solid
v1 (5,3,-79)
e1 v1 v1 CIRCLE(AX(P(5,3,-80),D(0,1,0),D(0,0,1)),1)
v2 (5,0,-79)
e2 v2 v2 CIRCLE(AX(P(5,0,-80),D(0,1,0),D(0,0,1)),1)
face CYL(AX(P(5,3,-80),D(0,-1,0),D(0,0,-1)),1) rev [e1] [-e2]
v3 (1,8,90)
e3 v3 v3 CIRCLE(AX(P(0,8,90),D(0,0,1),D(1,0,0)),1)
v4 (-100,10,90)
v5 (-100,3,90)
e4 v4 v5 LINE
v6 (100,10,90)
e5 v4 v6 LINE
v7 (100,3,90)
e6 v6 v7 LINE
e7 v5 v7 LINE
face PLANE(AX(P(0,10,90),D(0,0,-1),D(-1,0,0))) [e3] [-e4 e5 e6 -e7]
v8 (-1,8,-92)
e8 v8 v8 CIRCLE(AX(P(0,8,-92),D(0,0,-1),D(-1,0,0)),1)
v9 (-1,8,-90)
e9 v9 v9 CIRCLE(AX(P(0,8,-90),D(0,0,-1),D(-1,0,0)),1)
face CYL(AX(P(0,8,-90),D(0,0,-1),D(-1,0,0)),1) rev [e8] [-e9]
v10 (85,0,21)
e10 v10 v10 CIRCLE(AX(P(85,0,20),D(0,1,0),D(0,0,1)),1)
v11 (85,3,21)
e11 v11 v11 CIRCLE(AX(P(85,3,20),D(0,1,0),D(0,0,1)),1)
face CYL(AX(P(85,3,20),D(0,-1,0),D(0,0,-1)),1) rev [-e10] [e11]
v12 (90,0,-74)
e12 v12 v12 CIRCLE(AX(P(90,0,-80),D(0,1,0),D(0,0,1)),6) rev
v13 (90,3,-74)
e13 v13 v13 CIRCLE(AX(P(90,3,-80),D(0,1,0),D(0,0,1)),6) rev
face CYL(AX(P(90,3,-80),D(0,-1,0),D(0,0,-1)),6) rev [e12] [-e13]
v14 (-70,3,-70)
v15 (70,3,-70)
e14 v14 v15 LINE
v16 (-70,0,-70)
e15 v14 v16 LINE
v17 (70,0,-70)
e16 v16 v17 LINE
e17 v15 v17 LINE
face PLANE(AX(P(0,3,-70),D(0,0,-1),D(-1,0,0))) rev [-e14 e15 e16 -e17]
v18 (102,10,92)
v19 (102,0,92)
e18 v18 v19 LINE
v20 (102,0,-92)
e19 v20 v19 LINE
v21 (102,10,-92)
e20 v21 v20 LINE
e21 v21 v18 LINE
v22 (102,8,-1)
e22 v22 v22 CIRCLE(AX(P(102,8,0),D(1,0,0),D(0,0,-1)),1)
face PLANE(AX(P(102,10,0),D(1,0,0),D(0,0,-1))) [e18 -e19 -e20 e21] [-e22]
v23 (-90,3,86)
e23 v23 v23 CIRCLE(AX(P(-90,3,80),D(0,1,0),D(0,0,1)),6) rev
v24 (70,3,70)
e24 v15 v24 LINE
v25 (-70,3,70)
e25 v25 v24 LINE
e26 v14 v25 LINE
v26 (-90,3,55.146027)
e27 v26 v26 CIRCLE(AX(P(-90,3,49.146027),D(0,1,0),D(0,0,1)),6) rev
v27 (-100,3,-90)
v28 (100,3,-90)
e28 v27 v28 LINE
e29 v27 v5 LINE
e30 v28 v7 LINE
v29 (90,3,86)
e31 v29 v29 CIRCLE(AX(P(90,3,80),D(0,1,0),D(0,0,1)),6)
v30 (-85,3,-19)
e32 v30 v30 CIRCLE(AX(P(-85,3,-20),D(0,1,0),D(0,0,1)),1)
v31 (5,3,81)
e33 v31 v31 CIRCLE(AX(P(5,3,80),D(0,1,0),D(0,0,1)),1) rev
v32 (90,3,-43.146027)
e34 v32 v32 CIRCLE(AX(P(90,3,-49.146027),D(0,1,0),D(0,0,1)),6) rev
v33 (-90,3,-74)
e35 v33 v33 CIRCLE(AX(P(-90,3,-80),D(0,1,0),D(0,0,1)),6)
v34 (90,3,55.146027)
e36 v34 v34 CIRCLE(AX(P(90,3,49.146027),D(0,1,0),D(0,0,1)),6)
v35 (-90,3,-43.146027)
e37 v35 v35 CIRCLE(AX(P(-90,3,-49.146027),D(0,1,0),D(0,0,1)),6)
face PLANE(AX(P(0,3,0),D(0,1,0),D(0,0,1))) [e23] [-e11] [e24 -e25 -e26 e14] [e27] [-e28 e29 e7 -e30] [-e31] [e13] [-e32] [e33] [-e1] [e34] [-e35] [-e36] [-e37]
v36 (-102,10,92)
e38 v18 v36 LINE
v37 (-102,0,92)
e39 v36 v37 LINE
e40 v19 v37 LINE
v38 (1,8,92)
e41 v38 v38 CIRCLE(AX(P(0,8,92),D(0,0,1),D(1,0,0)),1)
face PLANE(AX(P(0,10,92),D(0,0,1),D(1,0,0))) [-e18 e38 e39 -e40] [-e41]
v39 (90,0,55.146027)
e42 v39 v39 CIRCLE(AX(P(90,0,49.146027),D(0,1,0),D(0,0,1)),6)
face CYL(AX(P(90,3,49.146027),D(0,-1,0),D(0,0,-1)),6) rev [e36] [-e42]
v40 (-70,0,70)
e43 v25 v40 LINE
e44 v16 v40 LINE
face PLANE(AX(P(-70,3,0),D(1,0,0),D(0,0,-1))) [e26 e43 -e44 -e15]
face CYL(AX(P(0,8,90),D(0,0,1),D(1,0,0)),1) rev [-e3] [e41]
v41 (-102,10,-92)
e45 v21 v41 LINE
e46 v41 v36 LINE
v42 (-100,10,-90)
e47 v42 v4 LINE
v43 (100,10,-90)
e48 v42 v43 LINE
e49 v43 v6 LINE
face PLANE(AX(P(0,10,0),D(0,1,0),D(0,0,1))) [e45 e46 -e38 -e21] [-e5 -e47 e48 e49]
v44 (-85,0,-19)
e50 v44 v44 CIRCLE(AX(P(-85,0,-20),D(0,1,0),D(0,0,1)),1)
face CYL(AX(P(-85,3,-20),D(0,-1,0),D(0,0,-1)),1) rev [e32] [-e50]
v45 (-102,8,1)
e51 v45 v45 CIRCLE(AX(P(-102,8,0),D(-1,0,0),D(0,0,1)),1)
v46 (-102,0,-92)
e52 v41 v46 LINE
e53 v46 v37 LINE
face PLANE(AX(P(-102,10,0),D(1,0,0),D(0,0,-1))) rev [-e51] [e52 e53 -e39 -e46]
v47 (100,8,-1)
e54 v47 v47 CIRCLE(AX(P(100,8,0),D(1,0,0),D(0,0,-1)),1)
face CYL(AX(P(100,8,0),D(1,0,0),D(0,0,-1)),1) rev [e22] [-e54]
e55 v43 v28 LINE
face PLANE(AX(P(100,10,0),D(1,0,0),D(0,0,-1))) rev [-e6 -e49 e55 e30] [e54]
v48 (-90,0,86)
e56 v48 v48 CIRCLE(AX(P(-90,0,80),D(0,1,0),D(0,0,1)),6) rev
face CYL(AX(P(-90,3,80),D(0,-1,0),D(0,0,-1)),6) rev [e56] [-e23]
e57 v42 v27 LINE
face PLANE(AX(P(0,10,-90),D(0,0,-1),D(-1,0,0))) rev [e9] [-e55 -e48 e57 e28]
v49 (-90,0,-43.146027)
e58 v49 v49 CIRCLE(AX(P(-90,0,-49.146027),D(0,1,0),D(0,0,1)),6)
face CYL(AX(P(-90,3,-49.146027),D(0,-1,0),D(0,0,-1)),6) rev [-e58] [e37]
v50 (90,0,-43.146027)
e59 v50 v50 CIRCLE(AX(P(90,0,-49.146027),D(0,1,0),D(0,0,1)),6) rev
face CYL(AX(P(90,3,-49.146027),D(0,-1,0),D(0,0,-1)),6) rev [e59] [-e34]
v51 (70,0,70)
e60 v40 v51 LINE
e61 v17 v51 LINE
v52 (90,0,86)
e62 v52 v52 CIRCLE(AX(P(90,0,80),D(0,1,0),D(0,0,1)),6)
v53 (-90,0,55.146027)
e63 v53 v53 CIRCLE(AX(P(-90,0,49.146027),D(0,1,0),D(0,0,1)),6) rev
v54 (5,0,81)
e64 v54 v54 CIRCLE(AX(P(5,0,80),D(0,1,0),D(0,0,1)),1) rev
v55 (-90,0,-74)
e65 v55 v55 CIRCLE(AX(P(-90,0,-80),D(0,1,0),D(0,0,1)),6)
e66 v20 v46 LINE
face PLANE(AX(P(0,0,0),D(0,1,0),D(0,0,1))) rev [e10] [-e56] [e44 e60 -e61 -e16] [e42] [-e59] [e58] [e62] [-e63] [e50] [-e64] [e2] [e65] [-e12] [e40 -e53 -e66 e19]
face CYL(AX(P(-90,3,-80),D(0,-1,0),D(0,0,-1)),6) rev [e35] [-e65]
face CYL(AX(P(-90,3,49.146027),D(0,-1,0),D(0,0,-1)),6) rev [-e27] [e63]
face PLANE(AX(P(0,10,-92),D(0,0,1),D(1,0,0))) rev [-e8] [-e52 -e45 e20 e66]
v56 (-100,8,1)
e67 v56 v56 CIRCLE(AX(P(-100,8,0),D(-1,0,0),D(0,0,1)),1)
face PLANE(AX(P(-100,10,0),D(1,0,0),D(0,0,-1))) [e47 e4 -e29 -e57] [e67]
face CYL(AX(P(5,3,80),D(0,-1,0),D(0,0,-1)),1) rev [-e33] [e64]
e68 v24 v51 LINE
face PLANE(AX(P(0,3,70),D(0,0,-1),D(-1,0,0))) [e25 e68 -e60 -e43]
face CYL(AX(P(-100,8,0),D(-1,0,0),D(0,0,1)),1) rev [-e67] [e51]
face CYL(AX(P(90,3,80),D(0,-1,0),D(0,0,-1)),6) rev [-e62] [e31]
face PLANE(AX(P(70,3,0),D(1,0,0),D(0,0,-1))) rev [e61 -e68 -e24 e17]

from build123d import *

# Parameters (mm, degrees)
SKETCH1_W           = 200
SKETCH1_H           = 180
SKETCH1_R           = 6
SKETCH1_R_2         = 1
SKETCH1_W_2         = 140
SKETCH1_H_2         = 140
BOSS_EXTRUDE4_DEPTH = 3
SKETCH1_3_W         = 204
SKETCH1_3_H         = 184
SKETCH1_3_W_2       = 200
SKETCH1_3_H_2       = 180
BOSS_EXTRUDE5_DEPTH = 10
SKETCH4_R           = 1
CUT_EXTRUDE1_DEPTH  = 2
SKETCH7_R           = 1
CUT_EXTRUDE2_DEPTH  = 2
CUT_EXTRUDE3_START  = -2
SKETCH6_R           = 1
CUT_EXTRUDE3_DEPTH  = 2
CUT_EXTRUDE4_START  = -2
SKETCH5_R           = 1
CUT_EXTRUDE4_DEPTH  = 2


with BuildPart() as part:
    # Sketch1 → Boss-Extrude4 (new body)
    with BuildSketch(Plane(origin=(0, 0, 0), x_dir=(1, 0, 0), z_dir=(0, 1, 0))):
        Rectangle(SKETCH1_W, SKETCH1_H)
        with Locations((-90, -80)):
            Circle(SKETCH1_R, mode=Mode.SUBTRACT)
        with Locations((-90, -49.146026748)):
            Circle(SKETCH1_R, mode=Mode.SUBTRACT)
        with Locations((5, -80)):
            Circle(SKETCH1_R_2, mode=Mode.SUBTRACT)
        with Locations((90, -80)):
            Circle(SKETCH1_R, mode=Mode.SUBTRACT)
        with Locations((90, -49.146026748)):
            Circle(SKETCH1_R, mode=Mode.SUBTRACT)
        with Locations((85, -20)):
            Circle(SKETCH1_R_2, mode=Mode.SUBTRACT)
        with Locations((-85, 20)):
            Circle(SKETCH1_R_2, mode=Mode.SUBTRACT)
        Rectangle(SKETCH1_W_2, SKETCH1_H_2, mode=Mode.SUBTRACT)
        with Locations((-90, 49.146026748)):
            Circle(SKETCH1_R, mode=Mode.SUBTRACT)
        with Locations((-90, 80)):
            Circle(SKETCH1_R, mode=Mode.SUBTRACT)
        with Locations((5, 80)):
            Circle(SKETCH1_R_2, mode=Mode.SUBTRACT)
        with Locations((90, 49.146026748)):
            Circle(SKETCH1_R, mode=Mode.SUBTRACT)
        with Locations((90, 80)):
            Circle(SKETCH1_R, mode=Mode.SUBTRACT)
    extrude(amount=BOSS_EXTRUDE4_DEPTH)

    # Sketch1<3> → Boss-Extrude5 (add)
    with BuildSketch(Plane(origin=(0, 0, 0), x_dir=(1, 0, 0), z_dir=(0, 1, 0))):
        Rectangle(SKETCH1_3_W, SKETCH1_3_H)
        Rectangle(SKETCH1_3_W_2, SKETCH1_3_H_2, mode=Mode.SUBTRACT)
    extrude(amount=BOSS_EXTRUDE5_DEPTH)

    # Sketch4 → Cut-Extrude1 (cut)
    with BuildSketch(Plane.ZY.offset(102)):
        with Locations((0, 8)):
            Circle(SKETCH4_R)
    extrude(amount=-CUT_EXTRUDE1_DEPTH, mode=Mode.SUBTRACT)

    # Sketch7 → Cut-Extrude2 (cut)
    with BuildSketch(Plane(origin=(0, 0, -92), x_dir=(-1, 0, 0), z_dir=(0, 0, -1))):
        with Locations((0, 8)):
            Circle(SKETCH7_R)
    extrude(amount=-CUT_EXTRUDE2_DEPTH, mode=Mode.SUBTRACT)

    # Sketch6 → Cut-Extrude3 (cut)
    with BuildSketch(Plane(origin=(102, 0, 0), x_dir=(0, 0, -1), z_dir=(1, 0, 0)).offset(CUT_EXTRUDE3_START)):
        with Locations((0, 8)):
            Circle(SKETCH6_R)
    extrude(amount=CUT_EXTRUDE3_DEPTH, mode=Mode.SUBTRACT)

    # Sketch5 → Cut-Extrude4 (cut)
    with BuildSketch(Plane.XY.offset(92).offset(CUT_EXTRUDE4_START)):
        with Locations((0, 8)):
            Circle(SKETCH5_R)
    extrude(amount=CUT_EXTRUDE4_DEPTH, mode=Mode.SUBTRACT)


solid = part.part
